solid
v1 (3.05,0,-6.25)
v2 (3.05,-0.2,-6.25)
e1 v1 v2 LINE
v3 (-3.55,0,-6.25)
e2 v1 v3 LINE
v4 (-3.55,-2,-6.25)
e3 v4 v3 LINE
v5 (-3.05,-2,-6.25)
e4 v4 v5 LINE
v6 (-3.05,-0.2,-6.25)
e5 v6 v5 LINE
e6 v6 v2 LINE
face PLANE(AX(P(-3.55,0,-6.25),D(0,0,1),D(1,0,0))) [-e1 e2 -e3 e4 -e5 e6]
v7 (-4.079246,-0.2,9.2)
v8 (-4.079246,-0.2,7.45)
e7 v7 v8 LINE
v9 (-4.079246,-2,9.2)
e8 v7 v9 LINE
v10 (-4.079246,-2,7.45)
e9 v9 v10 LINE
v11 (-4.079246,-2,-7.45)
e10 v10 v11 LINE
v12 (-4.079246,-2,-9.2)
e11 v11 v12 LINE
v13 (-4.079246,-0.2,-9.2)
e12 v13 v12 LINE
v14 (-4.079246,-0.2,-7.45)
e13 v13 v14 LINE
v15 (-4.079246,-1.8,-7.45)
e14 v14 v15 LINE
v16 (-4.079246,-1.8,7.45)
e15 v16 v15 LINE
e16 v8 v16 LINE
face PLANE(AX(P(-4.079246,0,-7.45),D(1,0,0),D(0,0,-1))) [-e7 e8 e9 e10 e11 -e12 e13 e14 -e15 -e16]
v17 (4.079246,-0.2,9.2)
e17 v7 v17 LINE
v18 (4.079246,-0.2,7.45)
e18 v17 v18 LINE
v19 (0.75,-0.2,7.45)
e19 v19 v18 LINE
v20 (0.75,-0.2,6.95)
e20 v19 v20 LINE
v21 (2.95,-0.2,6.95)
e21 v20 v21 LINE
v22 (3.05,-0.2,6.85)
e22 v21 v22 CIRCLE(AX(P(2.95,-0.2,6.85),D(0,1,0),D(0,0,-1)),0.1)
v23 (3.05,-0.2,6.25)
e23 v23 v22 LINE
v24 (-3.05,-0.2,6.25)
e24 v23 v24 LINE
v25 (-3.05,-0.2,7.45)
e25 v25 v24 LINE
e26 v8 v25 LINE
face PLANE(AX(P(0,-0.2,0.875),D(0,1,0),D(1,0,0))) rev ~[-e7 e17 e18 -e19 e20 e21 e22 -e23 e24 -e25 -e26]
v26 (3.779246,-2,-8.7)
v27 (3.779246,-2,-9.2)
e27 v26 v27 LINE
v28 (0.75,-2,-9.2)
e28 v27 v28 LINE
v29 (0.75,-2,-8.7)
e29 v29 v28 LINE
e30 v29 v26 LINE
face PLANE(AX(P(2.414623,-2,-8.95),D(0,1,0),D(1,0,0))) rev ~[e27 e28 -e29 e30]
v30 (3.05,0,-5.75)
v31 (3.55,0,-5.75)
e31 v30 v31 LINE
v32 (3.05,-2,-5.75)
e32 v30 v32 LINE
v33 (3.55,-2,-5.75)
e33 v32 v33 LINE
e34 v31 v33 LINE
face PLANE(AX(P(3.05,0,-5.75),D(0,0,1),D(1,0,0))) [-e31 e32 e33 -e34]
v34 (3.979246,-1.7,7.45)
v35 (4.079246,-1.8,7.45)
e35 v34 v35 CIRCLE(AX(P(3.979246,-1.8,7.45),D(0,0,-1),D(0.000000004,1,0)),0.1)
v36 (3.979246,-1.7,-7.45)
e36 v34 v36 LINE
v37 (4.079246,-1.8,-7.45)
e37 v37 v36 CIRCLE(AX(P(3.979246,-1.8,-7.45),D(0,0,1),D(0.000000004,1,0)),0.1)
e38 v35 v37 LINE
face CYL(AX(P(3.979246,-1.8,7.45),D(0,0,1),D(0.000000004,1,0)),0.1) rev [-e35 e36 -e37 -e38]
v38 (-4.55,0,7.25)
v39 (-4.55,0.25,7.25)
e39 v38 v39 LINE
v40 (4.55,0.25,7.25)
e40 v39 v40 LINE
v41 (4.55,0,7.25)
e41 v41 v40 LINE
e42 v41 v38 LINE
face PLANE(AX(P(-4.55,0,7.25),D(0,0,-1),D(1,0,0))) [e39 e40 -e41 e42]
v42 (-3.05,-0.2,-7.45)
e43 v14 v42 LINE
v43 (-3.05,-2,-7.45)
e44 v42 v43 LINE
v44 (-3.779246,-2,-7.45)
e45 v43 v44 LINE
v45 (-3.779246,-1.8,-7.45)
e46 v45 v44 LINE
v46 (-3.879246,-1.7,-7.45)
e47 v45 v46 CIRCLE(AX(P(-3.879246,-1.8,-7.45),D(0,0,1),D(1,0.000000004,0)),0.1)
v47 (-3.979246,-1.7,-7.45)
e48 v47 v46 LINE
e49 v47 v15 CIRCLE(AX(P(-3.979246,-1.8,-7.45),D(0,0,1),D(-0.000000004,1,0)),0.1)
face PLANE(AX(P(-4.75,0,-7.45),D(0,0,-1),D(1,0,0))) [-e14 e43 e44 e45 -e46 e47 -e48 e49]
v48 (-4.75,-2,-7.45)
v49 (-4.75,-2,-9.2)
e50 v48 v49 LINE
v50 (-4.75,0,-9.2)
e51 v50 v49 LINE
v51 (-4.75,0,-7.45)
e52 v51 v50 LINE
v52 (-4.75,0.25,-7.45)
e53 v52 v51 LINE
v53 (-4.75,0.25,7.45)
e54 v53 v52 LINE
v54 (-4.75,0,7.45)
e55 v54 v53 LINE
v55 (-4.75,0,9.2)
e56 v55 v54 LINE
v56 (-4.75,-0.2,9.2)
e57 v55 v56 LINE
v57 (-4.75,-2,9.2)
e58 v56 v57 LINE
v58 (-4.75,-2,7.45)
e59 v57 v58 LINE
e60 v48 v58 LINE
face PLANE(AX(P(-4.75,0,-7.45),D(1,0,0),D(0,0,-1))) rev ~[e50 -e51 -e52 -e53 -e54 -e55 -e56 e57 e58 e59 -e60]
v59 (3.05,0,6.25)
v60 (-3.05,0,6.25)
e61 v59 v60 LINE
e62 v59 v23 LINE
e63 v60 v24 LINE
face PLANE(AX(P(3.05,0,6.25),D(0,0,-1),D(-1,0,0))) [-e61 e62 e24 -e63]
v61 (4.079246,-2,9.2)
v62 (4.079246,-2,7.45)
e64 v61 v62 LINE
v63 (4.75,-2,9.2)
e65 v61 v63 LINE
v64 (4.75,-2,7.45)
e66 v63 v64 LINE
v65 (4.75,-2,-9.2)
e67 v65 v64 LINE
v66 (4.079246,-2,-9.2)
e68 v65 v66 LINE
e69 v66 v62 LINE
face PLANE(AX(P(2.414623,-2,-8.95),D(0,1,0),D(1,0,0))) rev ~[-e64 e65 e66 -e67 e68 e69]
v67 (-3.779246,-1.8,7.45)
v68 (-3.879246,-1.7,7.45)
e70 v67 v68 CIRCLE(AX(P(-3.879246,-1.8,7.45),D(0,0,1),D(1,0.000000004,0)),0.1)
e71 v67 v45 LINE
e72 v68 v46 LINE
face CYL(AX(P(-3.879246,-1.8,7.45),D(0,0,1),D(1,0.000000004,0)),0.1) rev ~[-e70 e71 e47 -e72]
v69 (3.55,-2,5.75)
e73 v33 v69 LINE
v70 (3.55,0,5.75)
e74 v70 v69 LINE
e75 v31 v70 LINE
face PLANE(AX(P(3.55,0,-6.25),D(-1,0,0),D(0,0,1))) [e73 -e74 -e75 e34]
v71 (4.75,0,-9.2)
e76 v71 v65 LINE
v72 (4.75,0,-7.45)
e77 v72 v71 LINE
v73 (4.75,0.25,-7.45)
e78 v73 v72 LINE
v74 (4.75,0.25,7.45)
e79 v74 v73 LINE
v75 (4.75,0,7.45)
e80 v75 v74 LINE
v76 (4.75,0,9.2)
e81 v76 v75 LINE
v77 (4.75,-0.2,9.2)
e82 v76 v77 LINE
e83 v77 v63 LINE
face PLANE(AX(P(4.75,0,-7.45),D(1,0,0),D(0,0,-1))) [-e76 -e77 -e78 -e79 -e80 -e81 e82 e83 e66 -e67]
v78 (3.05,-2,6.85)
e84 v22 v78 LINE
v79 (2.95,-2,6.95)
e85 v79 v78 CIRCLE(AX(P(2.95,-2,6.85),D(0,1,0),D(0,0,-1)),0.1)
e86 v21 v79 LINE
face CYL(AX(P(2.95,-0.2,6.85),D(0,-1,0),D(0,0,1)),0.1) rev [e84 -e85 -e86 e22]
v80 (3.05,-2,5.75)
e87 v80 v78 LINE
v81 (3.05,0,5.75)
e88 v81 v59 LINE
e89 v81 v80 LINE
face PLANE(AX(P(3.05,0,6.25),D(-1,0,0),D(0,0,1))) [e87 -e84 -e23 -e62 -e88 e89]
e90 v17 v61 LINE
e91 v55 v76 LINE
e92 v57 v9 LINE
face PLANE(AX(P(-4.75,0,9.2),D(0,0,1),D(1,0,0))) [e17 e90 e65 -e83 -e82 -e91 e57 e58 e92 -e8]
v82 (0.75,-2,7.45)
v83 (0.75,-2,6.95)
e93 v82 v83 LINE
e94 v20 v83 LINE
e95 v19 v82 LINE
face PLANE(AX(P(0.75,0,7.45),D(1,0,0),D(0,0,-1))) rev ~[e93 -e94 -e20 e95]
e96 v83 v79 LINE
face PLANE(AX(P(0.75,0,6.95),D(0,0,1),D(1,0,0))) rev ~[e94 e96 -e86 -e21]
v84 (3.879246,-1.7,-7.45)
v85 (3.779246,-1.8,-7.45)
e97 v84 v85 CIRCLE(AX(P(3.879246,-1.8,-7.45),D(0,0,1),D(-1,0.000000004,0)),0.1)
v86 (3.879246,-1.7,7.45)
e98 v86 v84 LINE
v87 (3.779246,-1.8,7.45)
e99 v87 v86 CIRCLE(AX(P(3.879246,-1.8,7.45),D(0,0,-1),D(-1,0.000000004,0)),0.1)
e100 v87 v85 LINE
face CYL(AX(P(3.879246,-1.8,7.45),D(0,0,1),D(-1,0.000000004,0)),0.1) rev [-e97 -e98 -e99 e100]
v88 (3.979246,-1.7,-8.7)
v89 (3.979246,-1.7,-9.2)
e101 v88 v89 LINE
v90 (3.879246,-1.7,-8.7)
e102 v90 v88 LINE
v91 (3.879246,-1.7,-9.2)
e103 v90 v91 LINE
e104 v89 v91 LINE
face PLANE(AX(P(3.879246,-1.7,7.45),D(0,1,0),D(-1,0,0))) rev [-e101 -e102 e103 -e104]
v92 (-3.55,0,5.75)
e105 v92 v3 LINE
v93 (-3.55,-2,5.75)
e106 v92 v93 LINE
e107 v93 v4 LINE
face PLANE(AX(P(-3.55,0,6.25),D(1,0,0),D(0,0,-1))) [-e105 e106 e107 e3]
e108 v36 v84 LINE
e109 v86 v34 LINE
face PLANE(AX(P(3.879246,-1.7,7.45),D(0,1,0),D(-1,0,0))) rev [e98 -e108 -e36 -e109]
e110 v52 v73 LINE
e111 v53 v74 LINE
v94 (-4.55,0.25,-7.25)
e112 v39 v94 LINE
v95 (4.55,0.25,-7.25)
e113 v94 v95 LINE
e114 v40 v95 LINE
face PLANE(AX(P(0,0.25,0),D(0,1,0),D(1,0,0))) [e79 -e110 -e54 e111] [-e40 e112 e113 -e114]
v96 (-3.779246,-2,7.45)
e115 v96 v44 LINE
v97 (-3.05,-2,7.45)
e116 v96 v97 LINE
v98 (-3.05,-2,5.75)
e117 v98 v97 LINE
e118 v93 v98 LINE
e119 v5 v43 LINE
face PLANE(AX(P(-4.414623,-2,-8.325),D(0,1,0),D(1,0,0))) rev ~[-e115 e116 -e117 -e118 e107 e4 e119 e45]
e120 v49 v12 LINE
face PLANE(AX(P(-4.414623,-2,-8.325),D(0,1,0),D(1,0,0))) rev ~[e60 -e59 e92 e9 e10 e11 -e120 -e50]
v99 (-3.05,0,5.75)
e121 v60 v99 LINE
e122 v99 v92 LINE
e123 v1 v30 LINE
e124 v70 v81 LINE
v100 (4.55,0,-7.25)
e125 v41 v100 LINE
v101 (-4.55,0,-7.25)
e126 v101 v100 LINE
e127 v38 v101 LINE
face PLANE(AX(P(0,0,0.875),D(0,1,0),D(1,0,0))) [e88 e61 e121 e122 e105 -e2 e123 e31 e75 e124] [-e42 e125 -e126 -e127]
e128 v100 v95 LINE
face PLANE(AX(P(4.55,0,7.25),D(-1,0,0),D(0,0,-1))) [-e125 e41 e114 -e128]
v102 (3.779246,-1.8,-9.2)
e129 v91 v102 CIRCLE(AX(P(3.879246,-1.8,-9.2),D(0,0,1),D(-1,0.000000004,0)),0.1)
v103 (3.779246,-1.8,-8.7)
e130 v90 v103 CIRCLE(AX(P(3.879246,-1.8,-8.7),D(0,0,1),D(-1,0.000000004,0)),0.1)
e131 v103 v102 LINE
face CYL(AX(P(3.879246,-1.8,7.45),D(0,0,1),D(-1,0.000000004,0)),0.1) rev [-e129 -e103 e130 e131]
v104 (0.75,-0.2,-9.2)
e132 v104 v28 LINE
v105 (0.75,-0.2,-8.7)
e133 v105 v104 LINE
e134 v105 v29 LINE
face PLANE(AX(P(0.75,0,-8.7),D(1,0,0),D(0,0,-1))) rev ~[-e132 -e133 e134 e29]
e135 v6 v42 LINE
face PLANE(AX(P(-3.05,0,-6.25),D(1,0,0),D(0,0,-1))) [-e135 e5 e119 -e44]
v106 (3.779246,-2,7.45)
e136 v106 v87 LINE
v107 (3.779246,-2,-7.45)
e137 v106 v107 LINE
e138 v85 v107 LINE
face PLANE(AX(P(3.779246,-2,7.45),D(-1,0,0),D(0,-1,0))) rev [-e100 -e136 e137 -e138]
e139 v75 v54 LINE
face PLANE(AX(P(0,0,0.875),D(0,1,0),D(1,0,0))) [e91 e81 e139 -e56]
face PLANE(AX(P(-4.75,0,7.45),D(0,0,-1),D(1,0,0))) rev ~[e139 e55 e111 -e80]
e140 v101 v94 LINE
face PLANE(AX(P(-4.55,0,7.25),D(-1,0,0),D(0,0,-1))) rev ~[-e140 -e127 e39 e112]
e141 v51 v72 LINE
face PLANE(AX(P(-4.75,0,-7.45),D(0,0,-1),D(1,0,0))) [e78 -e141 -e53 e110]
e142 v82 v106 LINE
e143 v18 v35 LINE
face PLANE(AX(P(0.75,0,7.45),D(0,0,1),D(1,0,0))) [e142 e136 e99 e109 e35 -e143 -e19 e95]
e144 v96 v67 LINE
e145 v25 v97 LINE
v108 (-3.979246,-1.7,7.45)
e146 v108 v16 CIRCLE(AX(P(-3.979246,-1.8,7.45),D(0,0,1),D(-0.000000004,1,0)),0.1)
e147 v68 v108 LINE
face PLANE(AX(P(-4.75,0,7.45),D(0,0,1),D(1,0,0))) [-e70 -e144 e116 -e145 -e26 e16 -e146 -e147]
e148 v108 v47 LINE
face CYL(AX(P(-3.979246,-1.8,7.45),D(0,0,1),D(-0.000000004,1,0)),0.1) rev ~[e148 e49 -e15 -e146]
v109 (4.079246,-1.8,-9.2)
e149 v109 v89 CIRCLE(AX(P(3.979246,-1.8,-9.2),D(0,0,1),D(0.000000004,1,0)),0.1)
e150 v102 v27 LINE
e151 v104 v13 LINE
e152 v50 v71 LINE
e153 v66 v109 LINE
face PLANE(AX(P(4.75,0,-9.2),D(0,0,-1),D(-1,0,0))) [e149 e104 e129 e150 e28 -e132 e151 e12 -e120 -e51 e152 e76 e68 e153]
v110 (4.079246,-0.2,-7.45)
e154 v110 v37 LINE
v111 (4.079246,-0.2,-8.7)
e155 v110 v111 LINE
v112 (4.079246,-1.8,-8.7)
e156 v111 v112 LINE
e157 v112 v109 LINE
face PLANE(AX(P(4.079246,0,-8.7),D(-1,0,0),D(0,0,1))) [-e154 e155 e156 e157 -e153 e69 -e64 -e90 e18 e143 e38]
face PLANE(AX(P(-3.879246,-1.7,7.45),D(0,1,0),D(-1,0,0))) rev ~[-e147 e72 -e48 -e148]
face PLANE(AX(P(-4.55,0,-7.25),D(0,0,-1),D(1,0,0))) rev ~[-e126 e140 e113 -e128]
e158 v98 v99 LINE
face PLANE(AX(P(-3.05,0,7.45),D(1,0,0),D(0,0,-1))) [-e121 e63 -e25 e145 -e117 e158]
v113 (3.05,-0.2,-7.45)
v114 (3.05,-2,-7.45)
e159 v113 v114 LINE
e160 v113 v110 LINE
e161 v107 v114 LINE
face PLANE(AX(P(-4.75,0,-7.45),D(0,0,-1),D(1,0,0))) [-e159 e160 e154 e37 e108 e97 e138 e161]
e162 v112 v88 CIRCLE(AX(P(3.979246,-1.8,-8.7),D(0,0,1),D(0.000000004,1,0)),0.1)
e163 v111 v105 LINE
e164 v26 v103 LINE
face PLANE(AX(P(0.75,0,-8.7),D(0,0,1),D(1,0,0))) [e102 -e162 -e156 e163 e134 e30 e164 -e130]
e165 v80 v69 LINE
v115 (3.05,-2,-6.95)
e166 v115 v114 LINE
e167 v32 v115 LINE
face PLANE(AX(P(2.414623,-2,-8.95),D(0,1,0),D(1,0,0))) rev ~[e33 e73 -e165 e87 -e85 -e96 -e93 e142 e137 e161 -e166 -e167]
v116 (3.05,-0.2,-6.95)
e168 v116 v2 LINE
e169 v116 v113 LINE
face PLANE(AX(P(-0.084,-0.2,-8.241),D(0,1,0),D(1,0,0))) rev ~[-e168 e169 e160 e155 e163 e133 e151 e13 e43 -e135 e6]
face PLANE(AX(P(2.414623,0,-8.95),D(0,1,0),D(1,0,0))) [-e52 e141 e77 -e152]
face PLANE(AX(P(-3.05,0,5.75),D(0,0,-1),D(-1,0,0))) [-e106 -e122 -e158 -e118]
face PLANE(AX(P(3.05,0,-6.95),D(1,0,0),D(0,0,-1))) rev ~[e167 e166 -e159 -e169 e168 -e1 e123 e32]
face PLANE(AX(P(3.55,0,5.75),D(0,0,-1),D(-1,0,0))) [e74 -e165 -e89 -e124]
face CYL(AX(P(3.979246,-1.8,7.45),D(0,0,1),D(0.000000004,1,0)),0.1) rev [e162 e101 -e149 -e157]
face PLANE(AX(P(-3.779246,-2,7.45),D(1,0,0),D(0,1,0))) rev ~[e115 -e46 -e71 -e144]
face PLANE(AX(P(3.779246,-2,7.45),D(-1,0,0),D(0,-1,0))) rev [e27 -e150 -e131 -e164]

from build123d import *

# Parameters (mm, degrees)
SKETCH1_W           = 9.5
SKETCH1_H           = 16.65
BOSS_EXTRUDE1_DEPTH = 0.2
SKETCH1_3_W         = 0.5
SKETCH1_3_H         = 0.5
BOSS_EXTRUDE2_DEPTH = 2
SKETCH1_4_W         = 9.5
SKETCH1_4_H         = 14.9
SKETCH1_4_W_2       = 9.1
SKETCH1_4_H_2       = 14.5
BOSS_EXTRUDE3_DEPTH = 0.25
BOSS_EXTRUDE4_DEPTH = 2
SKETCH1_6_W         = 0.670753581
SKETCH1_6_H         = 1.75
SKETCH1_6_W_2       = 1.029246419
SKETCH1_6_H_2       = 0.5
SKETCH1_6_W_3       = 3.329246419
BOSS_EXTRUDE5_DEPTH = 2
FILLET1_R           = 0.1
BOSS_EXTRUDE6_DEPTH = 0.2
SKETCH1_10_W        = 3.329246419
SKETCH1_10_H        = 0.5
SKETCH1_10_W_2      = 0.670753581
SKETCH1_10_H_2      = 1.75
BOSS_EXTRUDE7_DEPTH = 2
CUT_EXTRUDE1_DEPTH  = 18.429429136


with BuildPart() as part:
    # Sketch1 → Boss-Extrude1 (new body)
    with BuildSketch(Plane(origin=(0, 0, 0), x_dir=(1, 0, 0), z_dir=(0, 1, 0))):
        with Locations((0, -0.875)):
            Rectangle(SKETCH1_W, SKETCH1_H)
        Polygon((-3.55, 6.25), (3.05, 6.25), (3.05, 5.75), (3.55, 5.75), (3.55, -5.75), (3.05, -5.75), (3.05, -6.25), (-3.05, -6.25), (-3.05, -5.75), (-3.55, -5.75), align=None, mode=Mode.SUBTRACT)
    extrude(amount=-BOSS_EXTRUDE1_DEPTH)

    # Sketch1_3 → Boss-Extrude2 (add)
    with BuildSketch(Plane(origin=(0, 0, 0), x_dir=(1, 0, 0), z_dir=(0, 1, 0))):
        with Locations((3.3, -6)):
            Rectangle(SKETCH1_3_W, SKETCH1_3_H)
        with Locations((3.3, 6)):
            Rectangle(SKETCH1_3_W, SKETCH1_3_H)
        with Locations((-3.3, -6)):
            Rectangle(SKETCH1_3_W, SKETCH1_3_H)
    extrude(amount=-BOSS_EXTRUDE2_DEPTH)

    # Sketch1_4 → Boss-Extrude3 (add)
    with BuildSketch(Plane(origin=(0, 0, 0), x_dir=(1, 0, 0), z_dir=(0, 1, 0))):
        Rectangle(SKETCH1_4_W, SKETCH1_4_H)
        Rectangle(SKETCH1_4_W_2, SKETCH1_4_H_2, mode=Mode.SUBTRACT)
    extrude(amount=BOSS_EXTRUDE3_DEPTH)

    # Sketch1_5 → Boss-Extrude4 (add)
    with BuildSketch(Plane(origin=(0, 0, 0), x_dir=(1, 0, 0), z_dir=(0, 1, 0))):
        Polygon((-4.75, 7.45), (-4.75, -7.45), (-3.05, -7.45), (-3.05, -6.25), (-3.55, -6.25), (-3.55, 6.25), (-3.05, 6.25), (-3.05, 7.45), align=None)
        Polygon((3.55, -6.25), (3.05, -6.25), (3.05, -6.95), (4.079246419, -6.95), (4.079246419, -7.45), (4.75, -7.45), (4.75, 7.45), (4.079246419, 7.45), (4.079246419, 6.95), (3.05, 6.95), (3.05, 6.25), (3.55, 6.25), align=None)
    extrude(amount=-BOSS_EXTRUDE4_DEPTH)

    # Sketch1_6 → Boss-Extrude5 (add)
    with BuildSketch(Plane(origin=(0, 0, 0), x_dir=(1, 0, 0), z_dir=(0, 1, 0))):
        with Locations((-4.41462321, -8.325)):
            Rectangle(SKETCH1_6_W, SKETCH1_6_H)
        with Locations((3.56462321, 7.2)):
            Rectangle(SKETCH1_6_W_2, SKETCH1_6_H_2)
        with Locations((2.41462321, -7.2)):
            Rectangle(SKETCH1_6_W_3, SKETCH1_6_H_2)
        with Locations((4.41462321, -8.325)):
            Rectangle(SKETCH1_6_W, SKETCH1_6_H)
    extrude(amount=-BOSS_EXTRUDE5_DEPTH)

    # Fillet1
    fillet1_edges = [part.edges().sort_by_distance(p)[0] for p in [
        (3.05, -1.1, 6.95),
    ]]
    fillet(fillet1_edges, radius=FILLET1_R)

    # Sketch1_9 → Boss-Extrude6 (add)
    with BuildSketch(Plane(origin=(0, 0, 0), x_dir=(1, 0, 0), z_dir=(0, 1, 0))):
        Polygon((-4.079246419, 9.2), (-4.079246419, 7.45), (-3.05, 7.45), (0, 7.45), (0.75, 7.45), (3.05, 7.45), (4.079246419, 7.45), (4.079246419, 8.7), (0.75, 8.7), (0.75, 9.2), align=None)
    extrude(amount=-BOSS_EXTRUDE6_DEPTH)

    # Sketch1_10 → Boss-Extrude7 (add)
    with BuildSketch(Plane(origin=(0, 0, 0), x_dir=(1, 0, 0), z_dir=(0, 1, 0))):
        with Locations((2.41462321, 8.95)):
            Rectangle(SKETCH1_10_W, SKETCH1_10_H)
        Polygon((4.75, 9.2), (4.079246419, 9.2), (4.079246419, 8.7), (4.079246419, 7.45), (4.75, 7.45), align=None)
        with Locations((-4.41462321, 8.325)):
            Rectangle(SKETCH1_10_W_2, SKETCH1_10_H_2)
    extrude(amount=-BOSS_EXTRUDE7_DEPTH)

    # Sketch6 → Cut-Extrude1 (cut, through all)
    with BuildSketch(Plane.XY.offset(7.45)):
        with BuildLine():
            Line((-4.079246419, -2), (-3.779246419, -2))
            Line((-3.779246419, -2), (-3.779246419, -1.8))
            ThreePointArc((-3.779246419, -1.8), (-3.808535741, -1.729289322), (-3.879246419, -1.7))
            Line((-3.879246419, -1.7), (-3.979246419, -1.7))
            ThreePointArc((-3.979246419, -1.7), (-4.049957097, -1.729289322), (-4.079246419, -1.8))
            Line((-4.079246419, -1.8), (-4.079246419, -2))
        make_face()
    cut_extrude1 = extrude(amount=-CUT_EXTRUDE1_DEPTH, mode=Mode.SUBTRACT)

    # Mirror1: Cut-Extrude1 across plane
    add(cut_extrude1.mirror(Plane(origin=(0, 0, 0), x_dir=(0, 0, 1), z_dir=(1, 0, 0))), mode=Mode.SUBTRACT)


solid = part.part
